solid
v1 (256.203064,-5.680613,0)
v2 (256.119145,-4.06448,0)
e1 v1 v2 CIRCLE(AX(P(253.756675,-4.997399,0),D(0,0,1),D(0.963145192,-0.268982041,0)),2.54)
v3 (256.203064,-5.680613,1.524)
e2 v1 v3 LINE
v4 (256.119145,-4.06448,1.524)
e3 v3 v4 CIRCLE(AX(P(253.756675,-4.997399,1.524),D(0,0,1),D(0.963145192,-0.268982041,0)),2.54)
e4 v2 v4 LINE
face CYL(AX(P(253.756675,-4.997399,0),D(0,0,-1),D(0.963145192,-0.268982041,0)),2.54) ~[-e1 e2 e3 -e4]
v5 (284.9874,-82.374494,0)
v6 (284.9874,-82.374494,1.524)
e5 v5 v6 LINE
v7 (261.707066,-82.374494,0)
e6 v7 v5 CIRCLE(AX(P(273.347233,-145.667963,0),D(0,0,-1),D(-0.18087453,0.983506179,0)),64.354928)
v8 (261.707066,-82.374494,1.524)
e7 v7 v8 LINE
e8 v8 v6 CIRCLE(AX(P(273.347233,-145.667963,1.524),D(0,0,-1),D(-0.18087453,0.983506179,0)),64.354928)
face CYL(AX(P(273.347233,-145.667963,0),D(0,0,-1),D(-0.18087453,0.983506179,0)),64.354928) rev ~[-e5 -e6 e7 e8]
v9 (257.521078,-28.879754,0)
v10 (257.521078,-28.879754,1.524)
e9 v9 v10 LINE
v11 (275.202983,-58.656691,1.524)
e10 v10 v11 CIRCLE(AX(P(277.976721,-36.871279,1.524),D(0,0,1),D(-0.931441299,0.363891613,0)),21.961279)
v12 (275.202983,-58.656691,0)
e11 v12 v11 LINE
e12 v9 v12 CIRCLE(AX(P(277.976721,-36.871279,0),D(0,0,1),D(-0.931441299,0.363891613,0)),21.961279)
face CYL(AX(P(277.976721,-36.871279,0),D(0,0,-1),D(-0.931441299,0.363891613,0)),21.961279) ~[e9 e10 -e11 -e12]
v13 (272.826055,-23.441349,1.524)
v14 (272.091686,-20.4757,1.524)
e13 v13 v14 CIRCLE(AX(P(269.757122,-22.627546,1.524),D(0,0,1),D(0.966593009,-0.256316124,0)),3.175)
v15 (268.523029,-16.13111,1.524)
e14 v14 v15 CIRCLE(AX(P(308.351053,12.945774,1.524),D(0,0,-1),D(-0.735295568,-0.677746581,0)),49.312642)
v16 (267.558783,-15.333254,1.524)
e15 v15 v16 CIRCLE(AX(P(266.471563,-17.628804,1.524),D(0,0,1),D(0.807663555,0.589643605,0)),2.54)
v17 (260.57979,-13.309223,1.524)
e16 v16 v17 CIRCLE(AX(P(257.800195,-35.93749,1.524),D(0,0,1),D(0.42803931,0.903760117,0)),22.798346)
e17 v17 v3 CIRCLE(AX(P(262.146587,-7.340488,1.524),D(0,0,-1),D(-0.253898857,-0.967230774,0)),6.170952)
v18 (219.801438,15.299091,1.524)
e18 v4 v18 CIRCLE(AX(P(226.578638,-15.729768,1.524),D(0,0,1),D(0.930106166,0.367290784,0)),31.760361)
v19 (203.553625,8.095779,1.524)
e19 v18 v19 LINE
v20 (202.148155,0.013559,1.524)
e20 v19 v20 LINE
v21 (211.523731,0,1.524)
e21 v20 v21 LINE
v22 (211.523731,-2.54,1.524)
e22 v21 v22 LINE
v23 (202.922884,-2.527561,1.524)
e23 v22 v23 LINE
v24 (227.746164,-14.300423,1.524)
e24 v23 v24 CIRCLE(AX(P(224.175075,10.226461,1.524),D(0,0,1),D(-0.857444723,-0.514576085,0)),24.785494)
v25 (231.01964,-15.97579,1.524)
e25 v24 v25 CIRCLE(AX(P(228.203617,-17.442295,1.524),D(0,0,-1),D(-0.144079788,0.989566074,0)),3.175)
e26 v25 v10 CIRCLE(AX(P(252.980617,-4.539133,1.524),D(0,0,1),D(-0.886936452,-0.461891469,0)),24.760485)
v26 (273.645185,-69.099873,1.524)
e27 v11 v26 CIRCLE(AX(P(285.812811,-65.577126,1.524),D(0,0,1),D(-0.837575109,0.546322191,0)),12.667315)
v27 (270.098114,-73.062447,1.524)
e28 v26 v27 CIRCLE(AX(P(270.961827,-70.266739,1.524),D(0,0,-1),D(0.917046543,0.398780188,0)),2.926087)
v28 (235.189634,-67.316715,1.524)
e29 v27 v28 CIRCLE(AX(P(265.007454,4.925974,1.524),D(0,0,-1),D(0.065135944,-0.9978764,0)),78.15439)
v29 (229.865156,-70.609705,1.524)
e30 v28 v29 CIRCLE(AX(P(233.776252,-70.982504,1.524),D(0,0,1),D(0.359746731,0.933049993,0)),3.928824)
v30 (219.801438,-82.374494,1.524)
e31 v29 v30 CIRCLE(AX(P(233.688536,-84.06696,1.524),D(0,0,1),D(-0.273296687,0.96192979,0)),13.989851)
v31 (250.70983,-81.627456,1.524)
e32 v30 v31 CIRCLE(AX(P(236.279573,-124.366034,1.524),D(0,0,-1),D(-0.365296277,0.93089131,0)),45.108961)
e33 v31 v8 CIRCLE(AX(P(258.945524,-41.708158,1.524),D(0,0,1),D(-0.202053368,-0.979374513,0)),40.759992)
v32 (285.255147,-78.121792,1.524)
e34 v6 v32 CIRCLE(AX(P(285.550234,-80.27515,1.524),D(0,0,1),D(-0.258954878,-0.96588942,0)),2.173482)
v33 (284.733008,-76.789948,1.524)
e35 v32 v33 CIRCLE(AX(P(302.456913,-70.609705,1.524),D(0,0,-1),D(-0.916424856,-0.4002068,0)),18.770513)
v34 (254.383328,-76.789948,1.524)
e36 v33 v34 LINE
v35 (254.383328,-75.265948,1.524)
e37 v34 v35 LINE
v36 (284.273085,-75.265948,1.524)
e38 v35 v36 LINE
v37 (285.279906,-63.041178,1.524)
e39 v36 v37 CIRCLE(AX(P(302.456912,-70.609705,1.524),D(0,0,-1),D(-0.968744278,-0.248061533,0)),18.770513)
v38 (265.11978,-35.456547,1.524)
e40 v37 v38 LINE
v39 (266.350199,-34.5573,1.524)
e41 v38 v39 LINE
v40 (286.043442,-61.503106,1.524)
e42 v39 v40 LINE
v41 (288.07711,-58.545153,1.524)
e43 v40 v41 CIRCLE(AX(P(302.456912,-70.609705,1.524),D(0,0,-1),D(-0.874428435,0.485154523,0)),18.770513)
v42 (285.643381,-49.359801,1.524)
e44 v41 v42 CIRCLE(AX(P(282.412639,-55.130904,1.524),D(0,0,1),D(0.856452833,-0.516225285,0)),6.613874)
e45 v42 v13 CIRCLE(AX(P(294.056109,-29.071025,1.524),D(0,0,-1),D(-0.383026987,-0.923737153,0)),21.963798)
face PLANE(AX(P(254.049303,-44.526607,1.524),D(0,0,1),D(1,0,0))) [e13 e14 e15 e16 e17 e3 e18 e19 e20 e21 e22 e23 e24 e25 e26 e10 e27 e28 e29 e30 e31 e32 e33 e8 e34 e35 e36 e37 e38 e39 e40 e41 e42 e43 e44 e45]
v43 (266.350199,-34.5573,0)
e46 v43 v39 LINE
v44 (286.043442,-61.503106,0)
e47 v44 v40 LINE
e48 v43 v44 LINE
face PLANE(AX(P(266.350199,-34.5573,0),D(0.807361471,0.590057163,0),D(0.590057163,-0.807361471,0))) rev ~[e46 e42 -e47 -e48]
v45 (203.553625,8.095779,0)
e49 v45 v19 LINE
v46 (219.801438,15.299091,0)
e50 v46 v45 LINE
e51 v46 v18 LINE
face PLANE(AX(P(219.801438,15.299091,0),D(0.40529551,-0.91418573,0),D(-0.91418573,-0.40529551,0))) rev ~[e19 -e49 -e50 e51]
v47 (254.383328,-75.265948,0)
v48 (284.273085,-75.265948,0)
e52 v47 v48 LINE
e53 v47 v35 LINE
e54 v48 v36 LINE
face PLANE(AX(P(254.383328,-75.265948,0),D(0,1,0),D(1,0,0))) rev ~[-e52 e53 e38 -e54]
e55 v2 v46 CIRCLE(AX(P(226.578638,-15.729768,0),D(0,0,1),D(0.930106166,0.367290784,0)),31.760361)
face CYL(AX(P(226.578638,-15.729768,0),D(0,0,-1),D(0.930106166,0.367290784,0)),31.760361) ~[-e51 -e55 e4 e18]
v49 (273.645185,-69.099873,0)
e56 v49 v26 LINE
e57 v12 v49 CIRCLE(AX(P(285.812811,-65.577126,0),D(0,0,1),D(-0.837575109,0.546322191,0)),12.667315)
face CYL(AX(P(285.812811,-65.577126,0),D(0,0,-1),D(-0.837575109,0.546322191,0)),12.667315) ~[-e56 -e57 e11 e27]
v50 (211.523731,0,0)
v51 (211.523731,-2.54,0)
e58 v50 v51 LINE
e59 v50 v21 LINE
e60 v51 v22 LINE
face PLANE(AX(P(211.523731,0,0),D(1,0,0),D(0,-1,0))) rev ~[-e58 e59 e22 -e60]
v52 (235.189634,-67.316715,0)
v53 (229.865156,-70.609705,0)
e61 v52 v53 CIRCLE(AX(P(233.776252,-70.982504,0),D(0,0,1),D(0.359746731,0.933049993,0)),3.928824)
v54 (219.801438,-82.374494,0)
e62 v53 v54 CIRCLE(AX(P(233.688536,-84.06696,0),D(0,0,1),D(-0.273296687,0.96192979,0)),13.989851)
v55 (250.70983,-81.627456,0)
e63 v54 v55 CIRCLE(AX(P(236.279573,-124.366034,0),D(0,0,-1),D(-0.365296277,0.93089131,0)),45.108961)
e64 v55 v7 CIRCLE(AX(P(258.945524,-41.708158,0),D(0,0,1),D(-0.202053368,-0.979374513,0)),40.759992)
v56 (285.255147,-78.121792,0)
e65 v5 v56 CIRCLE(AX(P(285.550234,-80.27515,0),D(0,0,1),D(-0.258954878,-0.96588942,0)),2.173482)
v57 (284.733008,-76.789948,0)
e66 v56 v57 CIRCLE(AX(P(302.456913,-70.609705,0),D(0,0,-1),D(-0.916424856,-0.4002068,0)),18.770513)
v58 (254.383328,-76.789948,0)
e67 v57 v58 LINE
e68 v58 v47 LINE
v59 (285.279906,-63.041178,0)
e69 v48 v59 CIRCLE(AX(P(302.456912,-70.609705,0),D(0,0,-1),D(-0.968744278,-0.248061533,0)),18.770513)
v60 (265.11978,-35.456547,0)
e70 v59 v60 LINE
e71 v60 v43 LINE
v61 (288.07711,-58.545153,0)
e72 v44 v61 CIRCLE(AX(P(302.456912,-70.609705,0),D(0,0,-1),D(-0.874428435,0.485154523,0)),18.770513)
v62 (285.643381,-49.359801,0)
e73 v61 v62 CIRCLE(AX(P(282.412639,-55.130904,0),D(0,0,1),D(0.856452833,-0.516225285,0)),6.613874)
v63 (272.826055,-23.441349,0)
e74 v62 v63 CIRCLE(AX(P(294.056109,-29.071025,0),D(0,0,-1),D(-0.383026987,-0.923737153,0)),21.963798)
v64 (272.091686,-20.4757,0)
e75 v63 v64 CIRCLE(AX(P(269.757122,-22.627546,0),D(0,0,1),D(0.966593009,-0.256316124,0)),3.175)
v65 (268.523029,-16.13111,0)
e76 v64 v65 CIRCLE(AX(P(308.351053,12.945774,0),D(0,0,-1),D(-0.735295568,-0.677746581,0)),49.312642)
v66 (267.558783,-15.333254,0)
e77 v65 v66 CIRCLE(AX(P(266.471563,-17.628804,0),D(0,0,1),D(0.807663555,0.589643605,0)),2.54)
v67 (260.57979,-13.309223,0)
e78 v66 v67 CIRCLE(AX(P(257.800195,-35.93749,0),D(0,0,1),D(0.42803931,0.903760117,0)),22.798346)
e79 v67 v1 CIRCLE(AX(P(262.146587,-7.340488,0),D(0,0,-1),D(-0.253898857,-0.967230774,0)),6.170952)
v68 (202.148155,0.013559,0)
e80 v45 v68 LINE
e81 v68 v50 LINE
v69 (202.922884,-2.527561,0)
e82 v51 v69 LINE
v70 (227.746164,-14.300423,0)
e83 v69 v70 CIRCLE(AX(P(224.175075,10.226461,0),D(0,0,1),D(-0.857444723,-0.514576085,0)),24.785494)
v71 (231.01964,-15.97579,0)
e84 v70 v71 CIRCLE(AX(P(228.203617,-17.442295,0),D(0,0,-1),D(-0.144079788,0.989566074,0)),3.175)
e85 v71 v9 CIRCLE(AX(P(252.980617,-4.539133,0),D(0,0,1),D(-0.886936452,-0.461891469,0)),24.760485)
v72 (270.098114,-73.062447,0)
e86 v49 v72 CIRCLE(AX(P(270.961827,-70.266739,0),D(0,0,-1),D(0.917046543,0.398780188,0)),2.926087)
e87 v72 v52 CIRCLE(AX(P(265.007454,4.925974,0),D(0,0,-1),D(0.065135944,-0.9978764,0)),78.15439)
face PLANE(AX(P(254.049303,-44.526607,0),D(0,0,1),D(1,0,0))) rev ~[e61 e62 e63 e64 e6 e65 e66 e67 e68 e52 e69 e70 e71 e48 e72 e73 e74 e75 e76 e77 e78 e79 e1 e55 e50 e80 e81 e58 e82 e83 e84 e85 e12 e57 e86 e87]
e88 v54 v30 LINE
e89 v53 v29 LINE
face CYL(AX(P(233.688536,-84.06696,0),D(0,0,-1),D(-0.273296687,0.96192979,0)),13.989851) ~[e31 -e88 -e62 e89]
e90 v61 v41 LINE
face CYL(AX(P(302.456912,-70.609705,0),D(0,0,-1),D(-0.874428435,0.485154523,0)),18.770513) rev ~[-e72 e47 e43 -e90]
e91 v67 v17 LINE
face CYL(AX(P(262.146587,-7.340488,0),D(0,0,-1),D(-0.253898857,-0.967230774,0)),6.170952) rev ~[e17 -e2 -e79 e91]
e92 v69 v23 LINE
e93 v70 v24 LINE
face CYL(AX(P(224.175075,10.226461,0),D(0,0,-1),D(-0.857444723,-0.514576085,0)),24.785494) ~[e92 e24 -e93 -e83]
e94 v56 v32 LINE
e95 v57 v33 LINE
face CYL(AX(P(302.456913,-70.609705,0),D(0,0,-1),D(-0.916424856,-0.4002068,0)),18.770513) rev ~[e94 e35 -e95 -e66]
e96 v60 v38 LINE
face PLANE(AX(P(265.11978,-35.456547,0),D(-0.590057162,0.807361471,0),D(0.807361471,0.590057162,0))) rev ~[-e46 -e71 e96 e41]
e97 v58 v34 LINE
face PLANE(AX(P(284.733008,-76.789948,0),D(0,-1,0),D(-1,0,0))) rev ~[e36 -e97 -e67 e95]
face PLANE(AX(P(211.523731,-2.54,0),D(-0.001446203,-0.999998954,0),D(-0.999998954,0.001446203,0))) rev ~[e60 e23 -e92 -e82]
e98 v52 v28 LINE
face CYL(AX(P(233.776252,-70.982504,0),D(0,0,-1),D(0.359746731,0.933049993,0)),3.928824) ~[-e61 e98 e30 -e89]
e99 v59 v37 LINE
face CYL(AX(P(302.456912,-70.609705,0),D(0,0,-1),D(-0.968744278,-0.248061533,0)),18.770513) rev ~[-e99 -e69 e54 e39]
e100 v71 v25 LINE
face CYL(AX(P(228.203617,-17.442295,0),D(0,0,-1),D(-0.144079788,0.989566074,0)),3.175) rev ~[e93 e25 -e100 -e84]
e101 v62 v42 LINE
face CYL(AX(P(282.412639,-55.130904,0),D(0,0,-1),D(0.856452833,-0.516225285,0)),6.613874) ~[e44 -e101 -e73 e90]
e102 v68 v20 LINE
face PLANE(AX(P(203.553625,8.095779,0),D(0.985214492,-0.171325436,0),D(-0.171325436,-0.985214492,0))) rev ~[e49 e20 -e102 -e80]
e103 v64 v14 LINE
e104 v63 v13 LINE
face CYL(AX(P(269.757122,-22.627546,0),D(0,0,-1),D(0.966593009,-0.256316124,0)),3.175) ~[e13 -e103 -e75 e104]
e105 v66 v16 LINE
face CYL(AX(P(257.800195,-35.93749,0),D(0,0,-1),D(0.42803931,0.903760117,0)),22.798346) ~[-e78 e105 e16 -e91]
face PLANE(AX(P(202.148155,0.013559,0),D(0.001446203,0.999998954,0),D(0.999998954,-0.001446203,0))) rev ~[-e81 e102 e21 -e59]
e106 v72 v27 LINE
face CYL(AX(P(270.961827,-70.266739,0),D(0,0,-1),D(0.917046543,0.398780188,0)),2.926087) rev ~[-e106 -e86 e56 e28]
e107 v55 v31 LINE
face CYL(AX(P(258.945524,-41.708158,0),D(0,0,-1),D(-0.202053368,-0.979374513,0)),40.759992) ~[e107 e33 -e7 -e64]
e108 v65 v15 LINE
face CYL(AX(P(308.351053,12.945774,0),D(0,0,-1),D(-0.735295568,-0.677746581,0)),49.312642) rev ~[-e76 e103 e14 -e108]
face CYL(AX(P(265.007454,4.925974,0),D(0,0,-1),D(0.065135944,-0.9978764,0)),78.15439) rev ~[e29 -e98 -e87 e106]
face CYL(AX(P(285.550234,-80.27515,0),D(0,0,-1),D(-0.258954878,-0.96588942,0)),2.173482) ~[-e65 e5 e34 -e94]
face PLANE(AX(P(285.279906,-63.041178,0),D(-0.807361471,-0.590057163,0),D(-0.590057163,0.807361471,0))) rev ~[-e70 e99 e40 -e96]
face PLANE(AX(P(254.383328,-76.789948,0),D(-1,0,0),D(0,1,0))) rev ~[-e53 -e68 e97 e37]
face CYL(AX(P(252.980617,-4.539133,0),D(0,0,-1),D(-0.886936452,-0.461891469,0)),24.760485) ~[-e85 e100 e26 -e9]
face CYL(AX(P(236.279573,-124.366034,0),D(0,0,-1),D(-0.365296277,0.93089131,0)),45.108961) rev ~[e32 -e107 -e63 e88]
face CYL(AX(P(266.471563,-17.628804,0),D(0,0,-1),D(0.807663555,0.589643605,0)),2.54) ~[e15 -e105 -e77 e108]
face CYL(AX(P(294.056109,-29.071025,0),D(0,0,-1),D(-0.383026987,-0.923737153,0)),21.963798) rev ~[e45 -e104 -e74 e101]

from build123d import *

# Parameters (mm, degrees)
BOSS_EXTRUDE1_DEPTH = 1.524


with BuildPart() as part:
    # Sketch1 → Boss-Extrude1 (new body)
    with BuildSketch(Plane.XY):
        with BuildLine():
            Line((211.523731391, 0), (211.523731391, -2.54))
            Line((211.523731391, -2.54), (202.922883793, -2.527561419))
            ThreePointArc((202.922883793, -2.527561419), (213.554085688, -12.168076331), (227.746163725, -14.300423044))
            ThreePointArc((227.746163725, -14.300423044), (229.650139274, -14.615955212), (231.019640286, -15.975789914))
            ThreePointArc((231.019640286, -15.975789914), (242.141029149, -26.800870517), (257.521078021, -28.879754104))
            ThreePointArc((257.521078021, -28.879754104), (259.093725099, -48.084230478), (275.202983438, -58.65669128))
            ThreePointArc((275.202983438, -58.65669128), (273.284119594, -63.70823493), (273.645185128, -69.099873213))
            ThreePointArc((273.645185128, -69.099873213), (273.142027669, -72.218330377), (270.098113996, -73.062446524))
            ThreePointArc((270.098113996, -73.062446524), (252.314484646, -72.190801616), (235.189633712, -67.316715223))
            ThreePointArc((235.189633712, -67.316715223), (231.709711317, -67.641087637), (229.865155612, -70.609705427))
            ThreePointArc((229.865155612, -70.609705427), (223.057551669, -74.973109583), (219.801437593, -82.374493805))
            ThreePointArc((219.801437593, -82.374493805), (235.189633712, -79.270242267), (250.709830302, -81.627455706))
            ThreePointArc((250.709830302, -81.627455706), (256.183079158, -82.374432464), (261.7070657, -82.374493805))
            ThreePointArc((261.7070657, -82.374493805), (273.347233029, -81.313035156), (284.987400357, -82.374493805))
            ThreePointArc((284.987400357, -82.374493805), (287.719421671, -80.411720704), (285.255147496, -78.121792432))
            ThreePointArc((285.255147496, -78.121792432), (284.981385526, -77.460846026), (284.73300841, -76.789947691))
            Line((284.73300841, -76.789947691), (254.383327933, -76.789947691))
            Line((254.383327933, -76.789947691), (254.383327933, -75.265947691))
            Line((254.383327933, -75.265947691), (284.273085104, -75.265947691))
            ThreePointArc((284.273085104, -75.265947691), (283.749737466, -69.068999992), (285.279905713, -63.041177943))
            Line((285.279905713, -63.041177943), (265.119779794, -35.456547246))
            Line((265.119779794, -35.456547246), (266.350198676, -34.557300131))
            Line((266.350198676, -34.557300131), (286.043441867, -61.503106065))
            ThreePointArc((286.043441867, -61.503106065), (286.989404718, -59.975403718), (288.077109535, -58.54515255))
            ThreePointArc((288.077109535, -58.54515255), (288.80590673, -53.43695911), (285.643381228, -49.359801029))
            ThreePointArc((285.643381228, -49.359801029), (274.368164292, -38.807208416), (272.826055023, -23.441349285))
            ThreePointArc((272.826055023, -23.441349285), (272.839039076, -21.86438539), (272.091685647, -20.475700197))
            ThreePointArc((272.091685647, -20.475700197), (270.245388722, -18.354306042), (268.523028934, -16.131109637))
            ThreePointArc((268.523028934, -16.131109637), (268.090816368, -15.671862862), (267.558783349, -15.333253695))
            ThreePointArc((267.558783349, -15.333253695), (264.150445583, -14.041396316), (260.57978956, -13.309223264))
            ThreePointArc((260.57978956, -13.309223264), (256.794003466, -10.41140001), (256.203064232, -5.680612889))
            ThreePointArc((256.203064232, -5.680612889), (256.293258056, -4.865684219), (256.119145106, -4.06447991))
            ThreePointArc((256.119145106, -4.06447991), (241.521161242, 12.295961664), (219.801437593, 15.299091023))
            Line((219.801437593, 15.299091023), (203.553625304, 8.095778667))
            Line((203.553625304, 8.095778667), (202.1481549, 0.013558997))
            Line((202.1481549, 0.013558997), (211.523731391, 0))
        make_face()
    extrude(amount=BOSS_EXTRUDE1_DEPTH)


solid = part.part
